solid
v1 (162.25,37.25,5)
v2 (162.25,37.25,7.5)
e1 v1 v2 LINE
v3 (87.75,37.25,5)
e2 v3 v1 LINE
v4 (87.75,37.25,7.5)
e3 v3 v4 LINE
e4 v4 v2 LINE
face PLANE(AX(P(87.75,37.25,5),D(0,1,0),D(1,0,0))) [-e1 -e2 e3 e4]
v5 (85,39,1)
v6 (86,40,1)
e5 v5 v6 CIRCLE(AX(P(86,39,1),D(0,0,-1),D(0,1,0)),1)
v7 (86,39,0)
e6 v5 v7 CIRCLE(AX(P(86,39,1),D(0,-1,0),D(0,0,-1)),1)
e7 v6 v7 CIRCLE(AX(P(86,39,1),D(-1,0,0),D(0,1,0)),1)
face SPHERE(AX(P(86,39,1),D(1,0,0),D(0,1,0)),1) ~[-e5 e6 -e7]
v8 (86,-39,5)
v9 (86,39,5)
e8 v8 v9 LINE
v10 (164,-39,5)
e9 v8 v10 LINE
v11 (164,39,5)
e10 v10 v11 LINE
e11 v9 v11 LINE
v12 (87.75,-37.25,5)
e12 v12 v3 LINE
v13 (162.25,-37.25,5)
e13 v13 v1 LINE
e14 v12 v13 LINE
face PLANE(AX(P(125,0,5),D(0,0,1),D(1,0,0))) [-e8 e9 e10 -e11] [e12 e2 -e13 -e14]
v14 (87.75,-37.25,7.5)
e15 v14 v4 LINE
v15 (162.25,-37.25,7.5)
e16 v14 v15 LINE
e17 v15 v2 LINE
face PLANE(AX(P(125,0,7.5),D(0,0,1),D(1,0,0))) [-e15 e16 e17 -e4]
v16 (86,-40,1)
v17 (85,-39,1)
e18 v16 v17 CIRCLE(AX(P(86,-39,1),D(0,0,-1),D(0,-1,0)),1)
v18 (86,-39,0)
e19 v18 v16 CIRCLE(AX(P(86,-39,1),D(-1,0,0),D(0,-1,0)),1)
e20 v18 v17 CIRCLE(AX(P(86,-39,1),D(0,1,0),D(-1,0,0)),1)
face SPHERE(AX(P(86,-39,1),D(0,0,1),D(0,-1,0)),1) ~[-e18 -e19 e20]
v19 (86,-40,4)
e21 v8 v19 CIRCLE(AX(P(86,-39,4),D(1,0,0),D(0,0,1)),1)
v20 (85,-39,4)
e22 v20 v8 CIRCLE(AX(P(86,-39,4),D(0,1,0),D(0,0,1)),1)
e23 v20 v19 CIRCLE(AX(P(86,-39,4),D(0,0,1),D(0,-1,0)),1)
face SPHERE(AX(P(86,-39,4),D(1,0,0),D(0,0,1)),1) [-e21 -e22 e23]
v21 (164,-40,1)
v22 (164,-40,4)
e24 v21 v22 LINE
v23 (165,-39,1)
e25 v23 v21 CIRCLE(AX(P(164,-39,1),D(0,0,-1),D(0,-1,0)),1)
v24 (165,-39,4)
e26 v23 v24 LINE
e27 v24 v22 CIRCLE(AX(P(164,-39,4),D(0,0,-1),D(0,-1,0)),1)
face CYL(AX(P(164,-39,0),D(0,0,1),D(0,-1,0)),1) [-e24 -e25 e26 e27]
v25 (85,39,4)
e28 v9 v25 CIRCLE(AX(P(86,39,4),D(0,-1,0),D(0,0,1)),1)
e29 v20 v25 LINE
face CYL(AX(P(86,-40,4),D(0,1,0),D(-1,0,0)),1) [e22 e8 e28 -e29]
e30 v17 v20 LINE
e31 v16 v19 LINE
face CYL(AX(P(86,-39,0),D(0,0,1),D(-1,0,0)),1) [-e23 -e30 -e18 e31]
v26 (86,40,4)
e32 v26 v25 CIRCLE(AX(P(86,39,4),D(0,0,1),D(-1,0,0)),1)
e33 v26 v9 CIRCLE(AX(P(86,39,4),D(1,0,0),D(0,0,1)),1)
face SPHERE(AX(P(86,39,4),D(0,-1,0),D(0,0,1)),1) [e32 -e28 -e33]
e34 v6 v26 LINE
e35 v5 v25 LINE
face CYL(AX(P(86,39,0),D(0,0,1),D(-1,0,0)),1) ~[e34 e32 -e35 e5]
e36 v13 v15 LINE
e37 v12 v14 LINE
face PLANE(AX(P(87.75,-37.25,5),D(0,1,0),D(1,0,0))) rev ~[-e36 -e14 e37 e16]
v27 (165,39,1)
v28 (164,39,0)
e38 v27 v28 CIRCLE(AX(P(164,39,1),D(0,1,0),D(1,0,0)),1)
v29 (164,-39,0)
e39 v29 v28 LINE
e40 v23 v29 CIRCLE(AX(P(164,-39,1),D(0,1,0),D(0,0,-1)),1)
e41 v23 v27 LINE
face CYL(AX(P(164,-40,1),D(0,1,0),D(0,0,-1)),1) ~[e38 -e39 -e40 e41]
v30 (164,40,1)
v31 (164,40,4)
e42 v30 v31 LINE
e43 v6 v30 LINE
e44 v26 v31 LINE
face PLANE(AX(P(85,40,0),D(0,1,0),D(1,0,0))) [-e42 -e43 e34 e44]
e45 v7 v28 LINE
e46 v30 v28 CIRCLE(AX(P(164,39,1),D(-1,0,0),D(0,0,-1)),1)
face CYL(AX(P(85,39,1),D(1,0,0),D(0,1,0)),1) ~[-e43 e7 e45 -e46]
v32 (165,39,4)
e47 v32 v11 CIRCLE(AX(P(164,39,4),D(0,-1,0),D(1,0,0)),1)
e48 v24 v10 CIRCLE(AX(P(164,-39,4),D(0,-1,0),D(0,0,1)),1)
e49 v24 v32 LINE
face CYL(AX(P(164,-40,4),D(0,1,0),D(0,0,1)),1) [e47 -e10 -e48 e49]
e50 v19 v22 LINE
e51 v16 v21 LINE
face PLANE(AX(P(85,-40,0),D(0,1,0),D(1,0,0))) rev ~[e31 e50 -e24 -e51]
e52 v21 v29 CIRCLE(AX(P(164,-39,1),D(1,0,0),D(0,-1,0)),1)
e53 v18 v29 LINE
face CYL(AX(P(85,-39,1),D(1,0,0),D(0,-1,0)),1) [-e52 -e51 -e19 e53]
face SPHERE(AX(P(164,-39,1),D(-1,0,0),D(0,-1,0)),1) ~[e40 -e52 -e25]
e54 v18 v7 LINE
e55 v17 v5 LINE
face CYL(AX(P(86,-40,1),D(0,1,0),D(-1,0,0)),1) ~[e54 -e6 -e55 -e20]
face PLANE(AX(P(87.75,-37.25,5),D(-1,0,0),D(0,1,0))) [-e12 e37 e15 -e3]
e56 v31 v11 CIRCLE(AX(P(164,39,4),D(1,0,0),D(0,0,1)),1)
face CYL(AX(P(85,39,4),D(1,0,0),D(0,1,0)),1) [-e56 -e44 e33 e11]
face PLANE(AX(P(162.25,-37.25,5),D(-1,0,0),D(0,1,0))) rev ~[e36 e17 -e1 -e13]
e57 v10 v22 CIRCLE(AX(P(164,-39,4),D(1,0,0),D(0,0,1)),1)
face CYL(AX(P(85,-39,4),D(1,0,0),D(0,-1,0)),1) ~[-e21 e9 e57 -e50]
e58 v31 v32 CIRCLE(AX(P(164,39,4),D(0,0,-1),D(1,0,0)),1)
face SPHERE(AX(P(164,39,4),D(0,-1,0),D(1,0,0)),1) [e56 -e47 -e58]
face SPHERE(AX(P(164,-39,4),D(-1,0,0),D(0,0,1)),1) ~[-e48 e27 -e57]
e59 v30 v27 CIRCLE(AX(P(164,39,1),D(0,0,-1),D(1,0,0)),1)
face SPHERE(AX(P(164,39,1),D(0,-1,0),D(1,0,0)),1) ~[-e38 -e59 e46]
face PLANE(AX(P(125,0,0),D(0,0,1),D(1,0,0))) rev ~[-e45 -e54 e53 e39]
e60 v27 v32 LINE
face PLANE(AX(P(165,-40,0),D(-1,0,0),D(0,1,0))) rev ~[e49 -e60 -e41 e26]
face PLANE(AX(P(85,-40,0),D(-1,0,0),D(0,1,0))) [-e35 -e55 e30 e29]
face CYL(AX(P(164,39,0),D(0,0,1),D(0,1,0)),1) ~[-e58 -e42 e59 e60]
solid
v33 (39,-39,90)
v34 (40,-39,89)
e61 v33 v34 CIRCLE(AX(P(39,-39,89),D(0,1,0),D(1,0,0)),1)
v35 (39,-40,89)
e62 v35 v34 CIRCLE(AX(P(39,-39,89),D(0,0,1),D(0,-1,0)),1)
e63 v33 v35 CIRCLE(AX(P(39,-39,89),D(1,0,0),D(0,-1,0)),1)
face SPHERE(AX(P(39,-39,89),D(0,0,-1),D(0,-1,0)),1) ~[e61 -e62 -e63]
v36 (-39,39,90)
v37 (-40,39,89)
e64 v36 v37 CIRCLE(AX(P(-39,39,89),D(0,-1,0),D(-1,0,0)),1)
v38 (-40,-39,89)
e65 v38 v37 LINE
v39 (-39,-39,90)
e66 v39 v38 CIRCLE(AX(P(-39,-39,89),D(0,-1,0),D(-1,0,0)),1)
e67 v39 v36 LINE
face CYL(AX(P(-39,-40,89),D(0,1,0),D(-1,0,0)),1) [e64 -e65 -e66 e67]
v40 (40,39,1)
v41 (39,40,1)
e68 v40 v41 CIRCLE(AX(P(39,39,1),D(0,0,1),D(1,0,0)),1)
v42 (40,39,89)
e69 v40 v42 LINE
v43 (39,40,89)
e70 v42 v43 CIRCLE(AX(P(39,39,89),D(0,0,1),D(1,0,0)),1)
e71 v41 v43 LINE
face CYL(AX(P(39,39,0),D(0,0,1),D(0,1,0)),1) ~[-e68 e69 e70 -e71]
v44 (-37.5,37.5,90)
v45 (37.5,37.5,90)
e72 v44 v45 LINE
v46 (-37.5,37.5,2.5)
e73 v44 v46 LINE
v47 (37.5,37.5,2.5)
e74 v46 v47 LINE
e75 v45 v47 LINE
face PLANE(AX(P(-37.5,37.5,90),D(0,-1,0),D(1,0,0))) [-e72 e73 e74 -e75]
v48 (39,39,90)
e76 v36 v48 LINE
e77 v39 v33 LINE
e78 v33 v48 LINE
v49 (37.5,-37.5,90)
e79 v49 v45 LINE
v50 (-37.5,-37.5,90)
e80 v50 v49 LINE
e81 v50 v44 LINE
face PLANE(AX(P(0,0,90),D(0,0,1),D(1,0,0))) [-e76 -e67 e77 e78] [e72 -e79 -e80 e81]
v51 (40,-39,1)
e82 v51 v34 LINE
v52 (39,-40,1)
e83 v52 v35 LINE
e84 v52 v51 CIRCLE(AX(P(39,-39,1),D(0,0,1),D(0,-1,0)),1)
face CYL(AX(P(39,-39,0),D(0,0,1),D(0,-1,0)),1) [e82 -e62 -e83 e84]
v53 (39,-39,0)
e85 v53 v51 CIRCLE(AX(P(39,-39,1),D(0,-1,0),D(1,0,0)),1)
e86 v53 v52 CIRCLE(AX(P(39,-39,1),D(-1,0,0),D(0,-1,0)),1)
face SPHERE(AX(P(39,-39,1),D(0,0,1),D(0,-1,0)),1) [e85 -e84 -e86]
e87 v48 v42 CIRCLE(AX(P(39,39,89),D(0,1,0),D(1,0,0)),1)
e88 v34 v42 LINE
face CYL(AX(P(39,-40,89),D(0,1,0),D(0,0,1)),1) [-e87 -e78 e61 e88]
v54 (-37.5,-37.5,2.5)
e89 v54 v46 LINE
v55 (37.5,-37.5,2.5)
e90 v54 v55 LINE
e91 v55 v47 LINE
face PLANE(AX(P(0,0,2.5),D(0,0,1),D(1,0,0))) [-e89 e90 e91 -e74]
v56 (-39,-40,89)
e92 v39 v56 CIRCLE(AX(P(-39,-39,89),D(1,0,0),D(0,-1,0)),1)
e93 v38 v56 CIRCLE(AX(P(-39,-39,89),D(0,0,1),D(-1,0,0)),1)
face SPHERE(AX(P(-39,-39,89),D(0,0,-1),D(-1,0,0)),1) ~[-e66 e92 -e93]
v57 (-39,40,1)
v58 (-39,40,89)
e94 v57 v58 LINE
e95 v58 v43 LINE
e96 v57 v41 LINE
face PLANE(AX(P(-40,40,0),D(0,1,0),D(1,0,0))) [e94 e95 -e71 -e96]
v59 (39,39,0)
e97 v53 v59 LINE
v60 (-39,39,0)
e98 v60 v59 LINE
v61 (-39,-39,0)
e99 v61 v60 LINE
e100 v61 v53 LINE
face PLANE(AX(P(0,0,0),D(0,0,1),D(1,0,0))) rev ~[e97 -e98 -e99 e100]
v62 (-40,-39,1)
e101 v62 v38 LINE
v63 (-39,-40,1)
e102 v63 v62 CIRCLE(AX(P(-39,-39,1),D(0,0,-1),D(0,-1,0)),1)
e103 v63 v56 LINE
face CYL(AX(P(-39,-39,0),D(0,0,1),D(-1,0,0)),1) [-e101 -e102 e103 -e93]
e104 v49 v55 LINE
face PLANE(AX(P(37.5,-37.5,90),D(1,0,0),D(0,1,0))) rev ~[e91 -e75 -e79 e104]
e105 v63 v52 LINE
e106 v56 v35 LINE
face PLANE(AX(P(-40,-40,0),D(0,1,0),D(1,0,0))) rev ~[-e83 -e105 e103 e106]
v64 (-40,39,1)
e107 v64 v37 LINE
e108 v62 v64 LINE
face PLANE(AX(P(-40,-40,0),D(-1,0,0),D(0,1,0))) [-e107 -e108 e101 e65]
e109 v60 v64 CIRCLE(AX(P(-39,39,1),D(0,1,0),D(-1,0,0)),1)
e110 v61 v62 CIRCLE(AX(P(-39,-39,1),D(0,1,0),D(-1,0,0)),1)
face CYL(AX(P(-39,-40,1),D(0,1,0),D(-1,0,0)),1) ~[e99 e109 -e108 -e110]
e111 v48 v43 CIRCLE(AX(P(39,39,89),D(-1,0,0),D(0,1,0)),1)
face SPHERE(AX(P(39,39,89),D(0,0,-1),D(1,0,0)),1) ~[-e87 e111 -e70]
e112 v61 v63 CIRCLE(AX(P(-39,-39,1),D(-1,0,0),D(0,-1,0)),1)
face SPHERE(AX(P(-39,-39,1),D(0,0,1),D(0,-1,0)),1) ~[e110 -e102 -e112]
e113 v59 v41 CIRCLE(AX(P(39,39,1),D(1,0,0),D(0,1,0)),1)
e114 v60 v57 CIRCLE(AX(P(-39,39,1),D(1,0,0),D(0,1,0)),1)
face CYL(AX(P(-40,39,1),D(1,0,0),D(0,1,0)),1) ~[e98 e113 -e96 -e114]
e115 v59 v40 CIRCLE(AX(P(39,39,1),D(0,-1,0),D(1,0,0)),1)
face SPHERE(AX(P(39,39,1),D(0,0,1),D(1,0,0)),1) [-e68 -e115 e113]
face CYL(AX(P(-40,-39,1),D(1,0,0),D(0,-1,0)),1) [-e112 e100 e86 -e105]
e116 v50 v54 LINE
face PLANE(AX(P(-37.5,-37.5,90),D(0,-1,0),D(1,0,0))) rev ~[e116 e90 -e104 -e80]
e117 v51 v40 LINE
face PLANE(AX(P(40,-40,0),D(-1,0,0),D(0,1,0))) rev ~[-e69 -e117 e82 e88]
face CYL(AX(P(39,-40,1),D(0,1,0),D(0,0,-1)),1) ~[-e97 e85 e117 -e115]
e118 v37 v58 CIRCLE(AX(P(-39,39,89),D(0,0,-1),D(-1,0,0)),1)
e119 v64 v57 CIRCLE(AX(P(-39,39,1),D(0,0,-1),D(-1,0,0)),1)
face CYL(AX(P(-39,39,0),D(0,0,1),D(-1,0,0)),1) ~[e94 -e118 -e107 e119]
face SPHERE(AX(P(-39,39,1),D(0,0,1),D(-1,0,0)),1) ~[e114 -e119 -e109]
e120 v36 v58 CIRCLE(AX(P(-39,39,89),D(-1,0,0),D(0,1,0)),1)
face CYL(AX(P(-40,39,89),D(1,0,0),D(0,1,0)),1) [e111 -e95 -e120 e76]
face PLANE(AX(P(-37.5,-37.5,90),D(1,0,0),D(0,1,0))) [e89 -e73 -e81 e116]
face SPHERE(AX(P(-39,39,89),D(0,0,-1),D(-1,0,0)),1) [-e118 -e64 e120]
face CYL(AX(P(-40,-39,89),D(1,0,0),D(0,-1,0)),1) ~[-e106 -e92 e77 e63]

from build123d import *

# Parameters (mm, degrees)
SKETCH_W     = 80
SKETCH_H     = 80
PAD_DEPTH    = 90
SKETCH001_W  = 75
SKETCH001_H  = 75
POCKET_DEPTH = 87.5
FILLET_R     = 1
SKETCH002_W  = 80
SKETCH002_H  = 80
PAD001_DEPTH = 5
SKETCH003_W  = 74.5
SKETCH003_H  = 74.5
PAD002_DEPTH = 2.5
FILLET001_R  = 1


with BuildPart() as sgbbody:
    # Sketch → Pad (new body)
    with BuildSketch(Plane.XY):
        Rectangle(SKETCH_W, SKETCH_H)
    extrude(amount=PAD_DEPTH)

    # Sketch001 (on Face6 of Pad) → Pocket (cut)
    with BuildSketch(Plane.XY.offset(90)):
        Rectangle(SKETCH001_W, SKETCH001_H)
    extrude(amount=-POCKET_DEPTH, mode=Mode.SUBTRACT)

    # Fillet
    fillet_edges = [sgbbody.edges().sort_by_distance(p)[0] for p in [
        (-40, -40, 45),
        (40, -40, 45),
        (40, 40, 45),
        (-40, 40, 45),
        (0, -40, 0),
        (-40, 0, 0),
        (40, 0, 0),
        (0, 40, 0),
        (-40, 0, 90),
        (0, -40, 90),
        (40, 0, 90),
        (0, 40, 90),
    ]]
    fillet(fillet_edges, radius=FILLET_R)


with BuildPart() as sgbtop:
    # Sketch002 → Pad001 (new body)
    with BuildSketch(Plane.XY):
        with Locations((125, 0)):
            Rectangle(SKETCH002_W, SKETCH002_H)
    extrude(amount=PAD001_DEPTH)

    # Sketch003 (on Face6 of Pad001) → Pad002 (join)
    with BuildSketch(Plane.XY.offset(5)):
        with Locations((125, 0)):
            Rectangle(SKETCH003_W, SKETCH003_H)
    extrude(amount=PAD002_DEPTH)

    # Fillet001
    fillet001_edges = [sgbtop.edges().sort_by_distance(p)[0] for p in [
        (125, -40, 5),
        (85, 0, 5),
        (165, 0, 5),
        (85, -40, 2.5),
        (125, -40, 0),
        (165, -40, 2.5),
        (165, 0, 0),
        (165, 40, 2.5),
        (125, 40, 5),
        (125, 40, 0),
        (85, 40, 2.5),
        (85, 0, 0),
    ]]
    fillet(fillet001_edges, radius=FILLET001_R)


solid = Compound([sgbbody.part, sgbtop.part])
